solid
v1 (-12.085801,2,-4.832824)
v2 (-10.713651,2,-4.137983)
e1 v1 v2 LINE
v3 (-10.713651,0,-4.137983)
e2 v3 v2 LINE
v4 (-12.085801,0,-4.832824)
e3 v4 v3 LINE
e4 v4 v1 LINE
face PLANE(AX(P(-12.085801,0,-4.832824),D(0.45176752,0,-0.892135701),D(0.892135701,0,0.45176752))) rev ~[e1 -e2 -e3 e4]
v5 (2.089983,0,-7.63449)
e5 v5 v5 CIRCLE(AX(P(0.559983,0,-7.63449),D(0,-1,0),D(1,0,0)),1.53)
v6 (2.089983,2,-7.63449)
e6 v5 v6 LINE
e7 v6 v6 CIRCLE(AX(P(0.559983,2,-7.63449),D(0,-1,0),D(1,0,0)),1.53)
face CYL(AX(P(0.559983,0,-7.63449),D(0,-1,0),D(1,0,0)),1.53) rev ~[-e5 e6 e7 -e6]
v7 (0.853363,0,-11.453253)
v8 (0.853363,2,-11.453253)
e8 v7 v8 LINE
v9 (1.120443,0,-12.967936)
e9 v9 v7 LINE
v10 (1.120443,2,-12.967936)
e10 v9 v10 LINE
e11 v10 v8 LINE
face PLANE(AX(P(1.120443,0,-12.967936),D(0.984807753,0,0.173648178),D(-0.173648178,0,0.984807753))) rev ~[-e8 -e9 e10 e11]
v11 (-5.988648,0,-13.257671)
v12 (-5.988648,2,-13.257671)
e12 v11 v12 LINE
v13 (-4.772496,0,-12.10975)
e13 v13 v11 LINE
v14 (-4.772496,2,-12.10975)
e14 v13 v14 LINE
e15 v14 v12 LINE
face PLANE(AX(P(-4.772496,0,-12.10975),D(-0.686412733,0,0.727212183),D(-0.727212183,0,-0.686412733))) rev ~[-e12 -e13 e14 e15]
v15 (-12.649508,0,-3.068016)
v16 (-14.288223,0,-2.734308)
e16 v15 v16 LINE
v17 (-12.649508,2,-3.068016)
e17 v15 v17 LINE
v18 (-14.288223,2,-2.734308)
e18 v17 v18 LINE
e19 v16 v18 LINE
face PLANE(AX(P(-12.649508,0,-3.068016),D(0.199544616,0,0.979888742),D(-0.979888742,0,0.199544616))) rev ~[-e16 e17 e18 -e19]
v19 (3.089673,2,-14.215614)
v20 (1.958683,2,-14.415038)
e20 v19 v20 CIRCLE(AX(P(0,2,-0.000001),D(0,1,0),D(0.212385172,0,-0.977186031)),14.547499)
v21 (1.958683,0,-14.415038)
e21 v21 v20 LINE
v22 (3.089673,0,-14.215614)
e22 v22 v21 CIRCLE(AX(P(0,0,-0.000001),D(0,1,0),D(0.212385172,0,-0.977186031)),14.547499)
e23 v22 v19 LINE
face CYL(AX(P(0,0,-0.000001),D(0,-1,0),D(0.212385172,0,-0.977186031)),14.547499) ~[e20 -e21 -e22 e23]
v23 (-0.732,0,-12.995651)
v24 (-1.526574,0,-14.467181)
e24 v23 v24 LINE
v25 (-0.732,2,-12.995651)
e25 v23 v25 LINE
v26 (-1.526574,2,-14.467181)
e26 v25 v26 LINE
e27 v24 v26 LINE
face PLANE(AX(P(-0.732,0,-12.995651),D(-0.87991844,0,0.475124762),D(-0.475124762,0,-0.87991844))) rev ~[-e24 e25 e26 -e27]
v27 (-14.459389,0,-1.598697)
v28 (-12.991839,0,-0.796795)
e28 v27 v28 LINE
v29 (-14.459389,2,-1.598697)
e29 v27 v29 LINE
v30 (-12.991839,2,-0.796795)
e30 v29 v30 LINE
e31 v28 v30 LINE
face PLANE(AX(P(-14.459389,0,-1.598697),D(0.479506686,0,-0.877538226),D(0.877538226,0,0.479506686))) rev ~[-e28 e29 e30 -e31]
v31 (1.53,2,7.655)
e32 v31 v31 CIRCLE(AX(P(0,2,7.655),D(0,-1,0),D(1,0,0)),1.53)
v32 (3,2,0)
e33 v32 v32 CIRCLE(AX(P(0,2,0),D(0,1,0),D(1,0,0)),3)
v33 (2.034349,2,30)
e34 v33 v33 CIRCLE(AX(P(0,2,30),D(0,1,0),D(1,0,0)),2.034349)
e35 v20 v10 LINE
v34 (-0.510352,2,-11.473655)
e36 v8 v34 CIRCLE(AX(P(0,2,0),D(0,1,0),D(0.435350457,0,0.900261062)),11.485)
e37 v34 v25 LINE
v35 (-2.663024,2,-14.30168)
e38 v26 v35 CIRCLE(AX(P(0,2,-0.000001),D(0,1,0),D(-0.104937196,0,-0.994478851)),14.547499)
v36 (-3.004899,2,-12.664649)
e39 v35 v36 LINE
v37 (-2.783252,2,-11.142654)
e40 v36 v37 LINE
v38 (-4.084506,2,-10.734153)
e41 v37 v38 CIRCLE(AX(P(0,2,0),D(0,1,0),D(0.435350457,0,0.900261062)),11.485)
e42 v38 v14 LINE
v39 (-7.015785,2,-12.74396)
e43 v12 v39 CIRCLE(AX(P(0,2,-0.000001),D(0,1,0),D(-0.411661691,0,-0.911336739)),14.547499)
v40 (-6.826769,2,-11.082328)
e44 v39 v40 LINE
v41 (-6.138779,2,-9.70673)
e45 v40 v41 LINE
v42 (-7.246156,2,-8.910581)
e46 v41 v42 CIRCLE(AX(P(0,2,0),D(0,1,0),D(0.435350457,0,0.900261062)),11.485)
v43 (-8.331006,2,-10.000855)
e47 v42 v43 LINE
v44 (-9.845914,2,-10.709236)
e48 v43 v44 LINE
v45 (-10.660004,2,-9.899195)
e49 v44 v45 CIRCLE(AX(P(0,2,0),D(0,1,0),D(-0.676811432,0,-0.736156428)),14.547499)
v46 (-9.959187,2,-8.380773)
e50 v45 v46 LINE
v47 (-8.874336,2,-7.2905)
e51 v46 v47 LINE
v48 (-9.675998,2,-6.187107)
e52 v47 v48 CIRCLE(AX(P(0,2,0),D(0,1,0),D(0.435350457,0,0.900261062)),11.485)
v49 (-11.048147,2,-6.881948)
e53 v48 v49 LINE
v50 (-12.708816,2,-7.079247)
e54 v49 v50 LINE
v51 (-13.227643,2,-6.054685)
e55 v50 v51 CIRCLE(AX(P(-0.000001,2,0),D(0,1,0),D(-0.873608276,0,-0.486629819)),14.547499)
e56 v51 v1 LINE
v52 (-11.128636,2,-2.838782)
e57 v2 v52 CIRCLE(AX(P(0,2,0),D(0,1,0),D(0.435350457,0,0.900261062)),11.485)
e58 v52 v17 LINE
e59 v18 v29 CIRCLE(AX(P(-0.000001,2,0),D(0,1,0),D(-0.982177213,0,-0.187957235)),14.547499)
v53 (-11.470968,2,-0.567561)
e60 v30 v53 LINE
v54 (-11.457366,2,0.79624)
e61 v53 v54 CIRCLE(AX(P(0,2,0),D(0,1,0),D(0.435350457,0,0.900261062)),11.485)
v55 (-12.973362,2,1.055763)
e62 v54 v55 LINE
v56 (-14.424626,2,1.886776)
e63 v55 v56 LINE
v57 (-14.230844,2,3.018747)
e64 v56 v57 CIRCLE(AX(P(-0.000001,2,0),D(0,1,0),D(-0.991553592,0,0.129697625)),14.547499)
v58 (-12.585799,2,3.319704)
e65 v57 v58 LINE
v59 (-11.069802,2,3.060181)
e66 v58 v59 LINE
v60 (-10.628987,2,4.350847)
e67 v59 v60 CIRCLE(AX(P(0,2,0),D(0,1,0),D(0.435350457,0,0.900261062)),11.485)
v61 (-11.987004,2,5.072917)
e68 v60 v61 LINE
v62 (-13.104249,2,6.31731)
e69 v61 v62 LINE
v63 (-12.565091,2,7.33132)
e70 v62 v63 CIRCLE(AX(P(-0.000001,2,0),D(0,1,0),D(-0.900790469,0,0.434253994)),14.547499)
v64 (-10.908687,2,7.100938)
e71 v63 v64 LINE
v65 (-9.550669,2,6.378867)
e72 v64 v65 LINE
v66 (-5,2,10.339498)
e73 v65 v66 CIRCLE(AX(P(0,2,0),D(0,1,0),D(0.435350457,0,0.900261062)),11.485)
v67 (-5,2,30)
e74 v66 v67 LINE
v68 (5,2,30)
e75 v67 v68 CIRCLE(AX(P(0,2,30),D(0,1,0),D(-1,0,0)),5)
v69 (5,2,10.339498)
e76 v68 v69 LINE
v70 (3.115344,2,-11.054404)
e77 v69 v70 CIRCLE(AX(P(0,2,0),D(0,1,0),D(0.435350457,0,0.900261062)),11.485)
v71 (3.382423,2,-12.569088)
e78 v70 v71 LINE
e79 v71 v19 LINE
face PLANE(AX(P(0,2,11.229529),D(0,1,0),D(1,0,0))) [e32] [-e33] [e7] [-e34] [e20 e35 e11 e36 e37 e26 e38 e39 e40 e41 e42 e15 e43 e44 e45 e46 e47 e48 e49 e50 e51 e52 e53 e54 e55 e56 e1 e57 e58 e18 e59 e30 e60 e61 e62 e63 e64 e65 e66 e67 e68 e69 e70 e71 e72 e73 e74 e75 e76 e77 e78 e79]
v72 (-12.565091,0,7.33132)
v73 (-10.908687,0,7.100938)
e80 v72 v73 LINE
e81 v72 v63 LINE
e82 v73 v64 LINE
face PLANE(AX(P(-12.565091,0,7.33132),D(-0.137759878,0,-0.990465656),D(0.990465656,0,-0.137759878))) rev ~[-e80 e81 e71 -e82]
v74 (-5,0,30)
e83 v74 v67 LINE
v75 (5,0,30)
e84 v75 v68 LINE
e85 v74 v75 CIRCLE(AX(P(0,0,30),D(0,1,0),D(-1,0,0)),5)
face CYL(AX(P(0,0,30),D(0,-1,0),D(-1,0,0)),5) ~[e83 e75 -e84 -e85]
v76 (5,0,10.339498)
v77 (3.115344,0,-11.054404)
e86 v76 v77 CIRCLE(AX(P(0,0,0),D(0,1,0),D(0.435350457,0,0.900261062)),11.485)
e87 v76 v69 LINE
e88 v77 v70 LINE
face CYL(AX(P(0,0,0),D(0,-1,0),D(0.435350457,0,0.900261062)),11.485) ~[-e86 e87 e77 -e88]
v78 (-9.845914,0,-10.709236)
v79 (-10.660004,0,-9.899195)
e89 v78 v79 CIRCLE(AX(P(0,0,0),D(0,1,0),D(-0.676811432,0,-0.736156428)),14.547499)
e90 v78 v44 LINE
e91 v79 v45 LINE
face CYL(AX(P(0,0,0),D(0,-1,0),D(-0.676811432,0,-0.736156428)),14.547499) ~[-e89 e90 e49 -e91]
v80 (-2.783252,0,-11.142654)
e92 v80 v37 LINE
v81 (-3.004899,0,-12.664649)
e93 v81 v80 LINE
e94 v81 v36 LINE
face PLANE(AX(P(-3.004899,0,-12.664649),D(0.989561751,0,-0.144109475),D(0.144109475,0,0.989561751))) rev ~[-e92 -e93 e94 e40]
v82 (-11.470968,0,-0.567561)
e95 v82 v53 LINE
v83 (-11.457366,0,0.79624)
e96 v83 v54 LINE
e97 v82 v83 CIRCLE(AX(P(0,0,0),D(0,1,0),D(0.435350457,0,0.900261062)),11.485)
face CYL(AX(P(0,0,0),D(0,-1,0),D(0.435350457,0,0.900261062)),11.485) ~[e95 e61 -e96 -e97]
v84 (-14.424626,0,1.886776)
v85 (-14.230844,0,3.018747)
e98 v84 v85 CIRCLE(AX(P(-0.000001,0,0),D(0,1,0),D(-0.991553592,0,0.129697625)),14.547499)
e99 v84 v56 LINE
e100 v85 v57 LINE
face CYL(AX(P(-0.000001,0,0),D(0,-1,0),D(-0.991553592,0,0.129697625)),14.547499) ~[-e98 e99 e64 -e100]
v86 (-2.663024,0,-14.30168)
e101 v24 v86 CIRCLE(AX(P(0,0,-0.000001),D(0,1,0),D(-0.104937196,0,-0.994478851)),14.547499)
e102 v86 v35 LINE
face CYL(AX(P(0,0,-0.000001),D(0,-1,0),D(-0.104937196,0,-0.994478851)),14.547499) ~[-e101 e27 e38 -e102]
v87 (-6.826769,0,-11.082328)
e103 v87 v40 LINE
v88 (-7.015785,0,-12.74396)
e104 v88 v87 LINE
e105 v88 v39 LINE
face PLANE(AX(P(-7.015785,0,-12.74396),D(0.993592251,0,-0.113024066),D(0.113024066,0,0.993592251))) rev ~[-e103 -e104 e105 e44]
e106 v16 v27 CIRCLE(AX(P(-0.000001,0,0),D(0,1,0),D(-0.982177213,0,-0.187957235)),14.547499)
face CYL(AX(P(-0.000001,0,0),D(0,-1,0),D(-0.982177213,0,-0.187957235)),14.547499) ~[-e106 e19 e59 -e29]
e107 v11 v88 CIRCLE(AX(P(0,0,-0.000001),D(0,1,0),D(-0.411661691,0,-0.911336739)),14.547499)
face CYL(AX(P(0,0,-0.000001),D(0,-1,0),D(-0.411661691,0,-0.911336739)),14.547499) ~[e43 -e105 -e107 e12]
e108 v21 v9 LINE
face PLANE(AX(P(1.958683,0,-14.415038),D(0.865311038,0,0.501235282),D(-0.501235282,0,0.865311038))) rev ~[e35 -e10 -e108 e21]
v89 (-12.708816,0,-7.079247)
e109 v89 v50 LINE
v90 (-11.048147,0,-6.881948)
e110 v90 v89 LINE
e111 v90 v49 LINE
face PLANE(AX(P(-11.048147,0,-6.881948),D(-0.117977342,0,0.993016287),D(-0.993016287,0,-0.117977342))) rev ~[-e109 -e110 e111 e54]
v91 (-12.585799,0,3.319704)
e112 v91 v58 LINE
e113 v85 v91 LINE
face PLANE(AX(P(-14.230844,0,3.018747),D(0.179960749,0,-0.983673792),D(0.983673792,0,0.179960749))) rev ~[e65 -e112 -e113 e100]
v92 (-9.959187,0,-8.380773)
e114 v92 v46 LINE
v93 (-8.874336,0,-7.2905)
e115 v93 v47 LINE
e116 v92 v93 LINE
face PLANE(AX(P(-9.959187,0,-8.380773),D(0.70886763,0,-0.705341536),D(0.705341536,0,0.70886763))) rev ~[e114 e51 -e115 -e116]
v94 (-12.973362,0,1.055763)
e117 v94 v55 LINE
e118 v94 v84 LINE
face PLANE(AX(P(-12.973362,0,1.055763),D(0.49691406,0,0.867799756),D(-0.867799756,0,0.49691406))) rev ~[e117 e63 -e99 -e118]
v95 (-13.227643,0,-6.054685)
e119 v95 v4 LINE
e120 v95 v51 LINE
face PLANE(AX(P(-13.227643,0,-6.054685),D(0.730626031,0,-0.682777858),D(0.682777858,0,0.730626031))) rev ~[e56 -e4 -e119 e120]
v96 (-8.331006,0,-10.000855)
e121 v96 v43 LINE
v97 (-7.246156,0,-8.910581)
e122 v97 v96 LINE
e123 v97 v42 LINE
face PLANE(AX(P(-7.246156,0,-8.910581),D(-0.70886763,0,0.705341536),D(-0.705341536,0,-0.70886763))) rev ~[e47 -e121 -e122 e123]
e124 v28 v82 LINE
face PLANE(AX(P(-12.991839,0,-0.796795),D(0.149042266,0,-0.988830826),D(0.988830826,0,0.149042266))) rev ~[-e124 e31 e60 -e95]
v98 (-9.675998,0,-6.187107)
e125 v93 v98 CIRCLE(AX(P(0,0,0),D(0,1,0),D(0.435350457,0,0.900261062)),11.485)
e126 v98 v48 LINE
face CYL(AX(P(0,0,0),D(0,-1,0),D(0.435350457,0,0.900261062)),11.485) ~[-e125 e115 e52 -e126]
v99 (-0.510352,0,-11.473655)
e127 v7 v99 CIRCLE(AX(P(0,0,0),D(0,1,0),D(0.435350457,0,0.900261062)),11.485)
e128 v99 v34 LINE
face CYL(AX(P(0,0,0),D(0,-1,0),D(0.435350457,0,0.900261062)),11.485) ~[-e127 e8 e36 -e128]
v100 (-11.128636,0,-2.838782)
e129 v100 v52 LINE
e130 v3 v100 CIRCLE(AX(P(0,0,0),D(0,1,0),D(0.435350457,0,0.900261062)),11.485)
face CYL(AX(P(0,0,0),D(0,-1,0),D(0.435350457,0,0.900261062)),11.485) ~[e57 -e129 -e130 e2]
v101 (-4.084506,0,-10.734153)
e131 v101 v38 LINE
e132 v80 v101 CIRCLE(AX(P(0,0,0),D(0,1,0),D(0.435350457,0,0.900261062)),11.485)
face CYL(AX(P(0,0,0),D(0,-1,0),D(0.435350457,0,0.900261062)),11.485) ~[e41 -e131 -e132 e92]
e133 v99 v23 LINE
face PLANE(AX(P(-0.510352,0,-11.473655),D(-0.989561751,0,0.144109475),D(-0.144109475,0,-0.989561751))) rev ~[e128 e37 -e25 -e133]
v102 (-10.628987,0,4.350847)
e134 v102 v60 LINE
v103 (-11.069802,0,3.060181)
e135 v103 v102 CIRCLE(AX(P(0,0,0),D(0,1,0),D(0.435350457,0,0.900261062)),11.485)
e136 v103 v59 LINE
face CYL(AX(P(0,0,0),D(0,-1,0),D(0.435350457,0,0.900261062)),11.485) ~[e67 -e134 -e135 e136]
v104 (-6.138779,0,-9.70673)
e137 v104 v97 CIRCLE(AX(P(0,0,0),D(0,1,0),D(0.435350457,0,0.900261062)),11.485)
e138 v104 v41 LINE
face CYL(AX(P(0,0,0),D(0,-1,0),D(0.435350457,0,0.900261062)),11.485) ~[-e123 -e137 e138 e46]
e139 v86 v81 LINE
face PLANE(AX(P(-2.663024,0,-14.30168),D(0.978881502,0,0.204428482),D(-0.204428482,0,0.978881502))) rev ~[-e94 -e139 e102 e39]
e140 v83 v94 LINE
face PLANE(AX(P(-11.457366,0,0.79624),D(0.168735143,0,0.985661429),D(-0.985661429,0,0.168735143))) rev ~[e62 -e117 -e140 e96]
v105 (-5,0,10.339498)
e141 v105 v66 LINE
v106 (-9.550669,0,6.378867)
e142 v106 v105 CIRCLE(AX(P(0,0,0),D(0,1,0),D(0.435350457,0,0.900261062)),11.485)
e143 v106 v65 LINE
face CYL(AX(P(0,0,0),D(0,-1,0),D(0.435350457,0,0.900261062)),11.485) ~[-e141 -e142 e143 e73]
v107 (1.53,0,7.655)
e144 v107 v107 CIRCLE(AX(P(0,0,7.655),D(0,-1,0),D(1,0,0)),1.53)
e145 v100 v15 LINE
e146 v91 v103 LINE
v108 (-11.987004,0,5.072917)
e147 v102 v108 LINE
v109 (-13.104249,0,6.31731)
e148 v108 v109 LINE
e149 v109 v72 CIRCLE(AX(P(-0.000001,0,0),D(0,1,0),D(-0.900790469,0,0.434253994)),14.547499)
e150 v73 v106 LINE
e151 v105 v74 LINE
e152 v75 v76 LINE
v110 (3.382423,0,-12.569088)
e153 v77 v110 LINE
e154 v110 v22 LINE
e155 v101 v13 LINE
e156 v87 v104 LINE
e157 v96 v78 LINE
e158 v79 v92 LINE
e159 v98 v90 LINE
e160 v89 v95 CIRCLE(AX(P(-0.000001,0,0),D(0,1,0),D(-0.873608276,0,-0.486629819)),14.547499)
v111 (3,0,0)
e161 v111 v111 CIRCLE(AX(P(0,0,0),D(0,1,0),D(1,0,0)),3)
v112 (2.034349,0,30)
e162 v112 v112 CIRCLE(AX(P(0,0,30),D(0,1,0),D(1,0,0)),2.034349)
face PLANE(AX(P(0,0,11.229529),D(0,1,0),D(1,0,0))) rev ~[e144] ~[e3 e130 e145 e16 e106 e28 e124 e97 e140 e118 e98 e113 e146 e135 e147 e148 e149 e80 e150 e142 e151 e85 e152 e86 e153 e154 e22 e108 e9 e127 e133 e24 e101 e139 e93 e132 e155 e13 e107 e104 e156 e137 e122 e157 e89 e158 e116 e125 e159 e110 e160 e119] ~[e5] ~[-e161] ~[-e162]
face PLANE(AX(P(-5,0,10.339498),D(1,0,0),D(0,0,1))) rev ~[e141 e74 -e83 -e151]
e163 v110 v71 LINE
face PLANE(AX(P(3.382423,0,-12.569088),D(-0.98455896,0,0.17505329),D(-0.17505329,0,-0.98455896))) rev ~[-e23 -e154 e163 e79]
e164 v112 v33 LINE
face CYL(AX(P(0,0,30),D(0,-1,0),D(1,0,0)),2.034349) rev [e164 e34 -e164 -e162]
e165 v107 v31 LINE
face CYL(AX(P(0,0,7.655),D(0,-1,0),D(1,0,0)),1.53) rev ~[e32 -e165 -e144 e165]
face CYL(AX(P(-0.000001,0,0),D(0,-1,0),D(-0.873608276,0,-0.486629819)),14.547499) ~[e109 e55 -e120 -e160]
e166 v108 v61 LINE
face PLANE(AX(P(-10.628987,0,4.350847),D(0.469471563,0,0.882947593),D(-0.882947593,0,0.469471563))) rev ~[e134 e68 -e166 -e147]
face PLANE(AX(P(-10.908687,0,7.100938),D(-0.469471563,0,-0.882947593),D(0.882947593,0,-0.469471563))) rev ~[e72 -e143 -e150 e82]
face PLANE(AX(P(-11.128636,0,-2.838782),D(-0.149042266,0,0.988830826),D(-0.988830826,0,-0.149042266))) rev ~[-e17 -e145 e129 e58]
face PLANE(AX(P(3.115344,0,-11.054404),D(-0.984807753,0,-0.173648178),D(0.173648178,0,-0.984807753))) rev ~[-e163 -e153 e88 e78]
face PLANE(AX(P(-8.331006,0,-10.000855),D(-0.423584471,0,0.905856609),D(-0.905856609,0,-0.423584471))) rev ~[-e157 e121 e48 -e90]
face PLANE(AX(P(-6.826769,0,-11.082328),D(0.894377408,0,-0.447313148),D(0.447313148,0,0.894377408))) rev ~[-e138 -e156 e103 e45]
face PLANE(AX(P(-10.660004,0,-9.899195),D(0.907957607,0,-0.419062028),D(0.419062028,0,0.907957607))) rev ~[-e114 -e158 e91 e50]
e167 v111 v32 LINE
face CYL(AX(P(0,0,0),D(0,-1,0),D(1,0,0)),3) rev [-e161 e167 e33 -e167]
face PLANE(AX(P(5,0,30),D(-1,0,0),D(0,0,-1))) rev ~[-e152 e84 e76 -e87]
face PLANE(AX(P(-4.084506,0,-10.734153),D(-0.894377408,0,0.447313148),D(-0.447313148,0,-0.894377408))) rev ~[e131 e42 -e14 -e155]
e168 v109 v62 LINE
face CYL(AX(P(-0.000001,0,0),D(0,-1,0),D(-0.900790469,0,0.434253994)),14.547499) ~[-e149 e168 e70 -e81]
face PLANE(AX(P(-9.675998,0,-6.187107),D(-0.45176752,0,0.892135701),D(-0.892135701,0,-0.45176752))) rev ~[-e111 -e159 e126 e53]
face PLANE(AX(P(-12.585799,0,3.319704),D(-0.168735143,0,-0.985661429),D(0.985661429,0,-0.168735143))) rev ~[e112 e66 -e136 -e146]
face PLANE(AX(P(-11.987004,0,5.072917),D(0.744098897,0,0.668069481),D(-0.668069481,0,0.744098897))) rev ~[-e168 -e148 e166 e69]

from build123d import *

# Parameters (mm, degrees)
CROQUIS1_R              = 2.034348523
CROQUIS1_R_2            = 3
SALIENTE_EXTRUIR1_DEPTH = 2
SALIENTE_EXTRUIR2_DEPTH = 2
MATRIZC1_COUNT          = 8
MATRIZC1_ANGLE          = 128
CROQUIS4_R              = 1.53
CORTAR_EXTRUIR1_DEPTH   = 10


with BuildPart() as part:
    # Croquis1 → Saliente-Extruir1 (new body)
    with BuildSketch(Plane(origin=(0, 0, 0), x_dir=(1, 0, 0), z_dir=(0, 1, 0))):
        with BuildLine():
            Line((-5, -10.339498295), (-5, -30))
            ThreePointArc((-5, -30), (0, -35), (5, -30))
            Line((5, -30), (5, -10.339498295))
            ThreePointArc((5, -10.339498295), (0, 11.485), (-5, -10.339498295))
        make_face()
        with Locations((0, -30)):
            Circle(CROQUIS1_R, mode=Mode.SUBTRACT)
        Circle(CROQUIS1_R_2, mode=Mode.SUBTRACT)
    extrude(amount=SALIENTE_EXTRUIR1_DEPTH)

    # Croquis3 → Saliente-Extruir2 (add)
    with BuildSketch(Plane(origin=(0, 0, 0), x_dir=(1, 0, 0), z_dir=(0, 1, 0))):
        with BuildLine():
            Line((1.120443051, 12.967936283), (0.853363456, 11.45325263))
            ThreePointArc((0.853363456, 11.45325263), (1.994349321, 11.310517043), (3.115343764, 11.054404472))
            Line((3.115343764, 11.054404472), (3.382423359, 12.569088125))
            Line((3.382423359, 12.569088125), (3.089673258, 14.215613789))
            ThreePointArc((3.089673258, 14.215613789), (2.526146865, 14.326490787), (1.958683104, 14.415037868))
            Line((1.958683104, 14.415037868), (1.120443051, 12.967936283))
        make_face()
    saliente_extruir2 = extrude(amount=SALIENTE_EXTRUIR2_DEPTH)

    # MatrizC1: Saliente-Extruir2 ×8 about axis
    matrizc1_axis = Axis((0, 0, 0), (0, 1, 0))
    for i in range(1, MATRIZC1_COUNT):
        add(saliente_extruir2.rotate(matrizc1_axis, i * MATRIZC1_ANGLE / (MATRIZC1_COUNT - 1)))

    # Croquis4 → Cortar-Extruir1 (cut)
    with BuildSketch(Plane.XZ):
        with Locations((0.559982615, -7.634490453)):
            Circle(CROQUIS4_R)
        with Locations((0, 7.655)):
            Circle(CROQUIS4_R)
    extrude(amount=-CORTAR_EXTRUIR1_DEPTH, mode=Mode.SUBTRACT)


solid = part.part
